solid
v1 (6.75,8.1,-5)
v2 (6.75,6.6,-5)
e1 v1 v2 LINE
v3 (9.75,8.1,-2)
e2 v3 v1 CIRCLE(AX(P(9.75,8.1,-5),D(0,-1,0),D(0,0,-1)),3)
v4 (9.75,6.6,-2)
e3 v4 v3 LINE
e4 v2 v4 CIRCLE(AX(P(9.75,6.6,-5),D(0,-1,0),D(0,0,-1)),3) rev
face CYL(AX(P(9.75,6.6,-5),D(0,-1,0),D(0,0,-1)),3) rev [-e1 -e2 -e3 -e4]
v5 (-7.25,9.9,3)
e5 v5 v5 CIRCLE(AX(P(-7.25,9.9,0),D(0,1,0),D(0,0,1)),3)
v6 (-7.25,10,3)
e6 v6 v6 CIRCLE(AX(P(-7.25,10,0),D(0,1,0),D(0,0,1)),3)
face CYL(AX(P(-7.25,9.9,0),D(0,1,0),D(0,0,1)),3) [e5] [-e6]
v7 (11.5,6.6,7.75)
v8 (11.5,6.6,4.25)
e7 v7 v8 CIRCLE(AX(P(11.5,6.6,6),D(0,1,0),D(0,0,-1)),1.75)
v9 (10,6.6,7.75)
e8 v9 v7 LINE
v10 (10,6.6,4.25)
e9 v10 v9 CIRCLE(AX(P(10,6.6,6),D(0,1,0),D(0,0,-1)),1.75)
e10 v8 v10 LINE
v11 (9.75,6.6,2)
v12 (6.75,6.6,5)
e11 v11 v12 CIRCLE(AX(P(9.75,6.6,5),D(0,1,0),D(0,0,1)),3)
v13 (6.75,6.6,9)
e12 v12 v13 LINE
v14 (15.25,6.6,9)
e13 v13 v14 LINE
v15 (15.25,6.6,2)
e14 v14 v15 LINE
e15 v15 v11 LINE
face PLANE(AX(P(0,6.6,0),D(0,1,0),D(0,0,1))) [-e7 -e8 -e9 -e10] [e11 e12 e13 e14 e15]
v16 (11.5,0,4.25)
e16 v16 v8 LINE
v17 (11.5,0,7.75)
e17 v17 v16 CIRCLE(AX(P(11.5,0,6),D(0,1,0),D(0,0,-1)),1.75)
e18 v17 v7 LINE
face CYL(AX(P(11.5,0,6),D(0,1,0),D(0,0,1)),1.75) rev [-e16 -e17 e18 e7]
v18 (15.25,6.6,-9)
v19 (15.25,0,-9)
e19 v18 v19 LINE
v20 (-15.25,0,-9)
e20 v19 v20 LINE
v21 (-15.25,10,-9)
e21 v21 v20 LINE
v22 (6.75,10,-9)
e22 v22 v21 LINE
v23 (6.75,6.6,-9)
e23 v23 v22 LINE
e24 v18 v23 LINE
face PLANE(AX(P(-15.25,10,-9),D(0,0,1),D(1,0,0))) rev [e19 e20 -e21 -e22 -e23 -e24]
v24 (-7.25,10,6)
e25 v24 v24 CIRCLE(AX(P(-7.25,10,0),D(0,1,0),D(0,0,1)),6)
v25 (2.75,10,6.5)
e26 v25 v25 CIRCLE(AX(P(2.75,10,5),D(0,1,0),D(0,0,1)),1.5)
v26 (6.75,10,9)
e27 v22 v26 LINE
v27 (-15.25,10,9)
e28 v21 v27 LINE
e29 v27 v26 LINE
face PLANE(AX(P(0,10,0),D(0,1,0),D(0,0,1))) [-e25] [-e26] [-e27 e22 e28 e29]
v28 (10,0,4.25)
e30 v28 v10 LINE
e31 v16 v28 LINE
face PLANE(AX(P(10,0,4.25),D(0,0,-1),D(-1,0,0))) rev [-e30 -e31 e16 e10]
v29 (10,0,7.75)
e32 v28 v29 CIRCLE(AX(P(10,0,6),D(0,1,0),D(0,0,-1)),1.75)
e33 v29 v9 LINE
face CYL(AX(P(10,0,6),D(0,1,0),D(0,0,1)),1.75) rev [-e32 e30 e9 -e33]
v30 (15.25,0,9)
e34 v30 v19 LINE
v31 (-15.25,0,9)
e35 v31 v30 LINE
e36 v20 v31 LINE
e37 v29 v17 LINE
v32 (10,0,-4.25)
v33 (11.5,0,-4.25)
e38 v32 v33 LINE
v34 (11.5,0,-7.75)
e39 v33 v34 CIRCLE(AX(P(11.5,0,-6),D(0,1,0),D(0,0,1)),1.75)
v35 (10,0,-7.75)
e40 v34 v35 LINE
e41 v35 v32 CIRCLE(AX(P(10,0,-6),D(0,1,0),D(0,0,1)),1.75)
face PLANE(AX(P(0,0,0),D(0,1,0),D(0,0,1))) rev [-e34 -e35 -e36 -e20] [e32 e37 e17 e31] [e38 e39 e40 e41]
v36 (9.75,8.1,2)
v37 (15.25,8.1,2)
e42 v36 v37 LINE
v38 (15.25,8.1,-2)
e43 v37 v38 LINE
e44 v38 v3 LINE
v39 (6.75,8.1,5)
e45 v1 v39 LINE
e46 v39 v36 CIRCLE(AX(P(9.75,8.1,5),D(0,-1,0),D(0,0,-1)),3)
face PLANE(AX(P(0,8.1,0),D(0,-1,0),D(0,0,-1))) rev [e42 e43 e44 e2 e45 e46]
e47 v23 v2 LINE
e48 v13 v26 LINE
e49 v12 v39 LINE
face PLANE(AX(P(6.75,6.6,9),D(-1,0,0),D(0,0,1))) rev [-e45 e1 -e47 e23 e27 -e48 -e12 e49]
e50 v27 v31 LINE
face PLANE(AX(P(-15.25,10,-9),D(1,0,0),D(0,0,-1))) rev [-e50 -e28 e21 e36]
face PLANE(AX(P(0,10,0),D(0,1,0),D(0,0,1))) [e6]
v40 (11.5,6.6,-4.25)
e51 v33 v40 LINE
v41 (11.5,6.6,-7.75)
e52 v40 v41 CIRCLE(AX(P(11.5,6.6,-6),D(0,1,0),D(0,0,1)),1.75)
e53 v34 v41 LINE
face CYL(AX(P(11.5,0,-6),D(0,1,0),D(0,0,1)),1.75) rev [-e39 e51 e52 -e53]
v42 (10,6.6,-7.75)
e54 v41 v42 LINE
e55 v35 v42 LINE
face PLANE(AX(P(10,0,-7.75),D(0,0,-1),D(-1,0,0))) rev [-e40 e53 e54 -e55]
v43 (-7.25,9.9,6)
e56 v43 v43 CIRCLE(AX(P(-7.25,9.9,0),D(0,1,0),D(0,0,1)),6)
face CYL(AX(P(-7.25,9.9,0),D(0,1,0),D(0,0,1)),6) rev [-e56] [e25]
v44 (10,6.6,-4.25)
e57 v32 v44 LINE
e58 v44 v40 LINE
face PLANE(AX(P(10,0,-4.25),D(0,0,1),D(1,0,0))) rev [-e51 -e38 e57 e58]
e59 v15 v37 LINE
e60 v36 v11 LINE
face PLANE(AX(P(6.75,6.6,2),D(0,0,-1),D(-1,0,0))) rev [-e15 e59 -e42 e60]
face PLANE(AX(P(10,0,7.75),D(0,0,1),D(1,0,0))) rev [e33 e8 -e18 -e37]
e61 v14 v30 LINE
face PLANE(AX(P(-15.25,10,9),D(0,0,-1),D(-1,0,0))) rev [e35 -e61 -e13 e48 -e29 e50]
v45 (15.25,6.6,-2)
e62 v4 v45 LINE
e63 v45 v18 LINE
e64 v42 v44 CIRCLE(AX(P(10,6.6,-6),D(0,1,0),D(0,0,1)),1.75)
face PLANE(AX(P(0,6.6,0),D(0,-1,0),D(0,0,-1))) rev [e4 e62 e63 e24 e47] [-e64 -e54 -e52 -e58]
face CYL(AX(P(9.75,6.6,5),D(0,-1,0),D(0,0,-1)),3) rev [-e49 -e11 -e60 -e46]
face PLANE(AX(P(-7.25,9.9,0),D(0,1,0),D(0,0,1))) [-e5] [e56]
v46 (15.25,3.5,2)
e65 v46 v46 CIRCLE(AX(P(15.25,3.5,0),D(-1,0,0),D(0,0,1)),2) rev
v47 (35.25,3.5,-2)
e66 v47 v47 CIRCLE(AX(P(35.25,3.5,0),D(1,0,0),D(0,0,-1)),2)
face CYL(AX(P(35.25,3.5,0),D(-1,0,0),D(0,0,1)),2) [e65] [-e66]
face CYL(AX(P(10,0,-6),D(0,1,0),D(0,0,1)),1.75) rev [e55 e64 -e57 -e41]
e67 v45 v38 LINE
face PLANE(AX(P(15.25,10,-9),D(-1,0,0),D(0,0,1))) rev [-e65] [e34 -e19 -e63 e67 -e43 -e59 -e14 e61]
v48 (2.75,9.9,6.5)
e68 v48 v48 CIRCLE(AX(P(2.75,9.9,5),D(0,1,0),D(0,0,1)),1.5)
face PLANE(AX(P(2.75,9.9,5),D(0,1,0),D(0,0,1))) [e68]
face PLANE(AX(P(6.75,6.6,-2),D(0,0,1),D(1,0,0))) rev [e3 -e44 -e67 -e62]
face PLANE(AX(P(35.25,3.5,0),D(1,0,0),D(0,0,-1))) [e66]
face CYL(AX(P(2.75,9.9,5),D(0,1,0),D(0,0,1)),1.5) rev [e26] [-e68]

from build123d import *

# Parameters (mm, degrees)
ESQUISSE2_W             = 30.5
ESQUISSE2_H             = 18
BOSS_EXTRU_1_DEPTH      = 10
ESQUISSE3_W             = 8.5
ESQUISSE3_H             = 7
ENL_V_MAT_EXTRU_1_DEPTH = 3.4
ENL_V_MAT_EXTRU_2_DEPTH = 19.897685043
ESQUISSE7_W             = 8.5
ESQUISSE7_H             = 4
ENL_V_MAT_EXTRU_4_DEPTH = 1.9
CONG_1_R                = 3
ESQUISSE5_R             = 6
ESQUISSE5_R_2           = 3
ESQUISSE5_R_3           = 1.5
ENL_V_MAT_EXTRU_3_DEPTH = 0.1
ESQUISSE6_R             = 2
BOSS_EXTRU_2_DEPTH      = 20


with BuildPart() as part:
    # Esquisse2 → Boss.-Extru.1 (new body)
    with BuildSketch(Plane(origin=(0, 0, 0), x_dir=(1, 0, 0), z_dir=(0, 1, 0))):
        Rectangle(ESQUISSE2_W, ESQUISSE2_H)
    extrude(amount=BOSS_EXTRU_1_DEPTH)

    # Esquisse3 → Enlèv. mat.-Extru.1 (cut)
    with BuildSketch(Plane(origin=(0, 10, 0), x_dir=(1, 0, 0), z_dir=(0, 1, 0))):
        with Locations((11, -5.5)):
            Rectangle(ESQUISSE3_W, ESQUISSE3_H)
        with Locations((11, 5.5)):
            Rectangle(ESQUISSE3_W, ESQUISSE3_H)
    extrude(amount=-ENL_V_MAT_EXTRU_1_DEPTH, mode=Mode.SUBTRACT)

    # Esquisse4 → Enlèv. mat.-Extru.2 (cut, through all)
    with BuildSketch(Plane(origin=(0, 6.6, 0), x_dir=(1, 0, 0), z_dir=(0, 1, 0))):
        with BuildLine():
            Line((10, 7.75), (11.5, 7.75))
            ThreePointArc((11.5, 7.75), (13.25, 6), (11.5, 4.25))
            Line((11.5, 4.25), (10, 4.25))
            ThreePointArc((10, 4.25), (8.25, 6), (10, 7.75))
        make_face()
        with BuildLine():
            Line((10, -7.75), (11.5, -7.75))
            ThreePointArc((11.5, -7.75), (13.25, -6), (11.5, -4.25))
            Line((11.5, -4.25), (10, -4.25))
            ThreePointArc((10, -4.25), (8.25, -6), (10, -7.75))
        make_face()
    extrude(amount=-ENL_V_MAT_EXTRU_2_DEPTH, mode=Mode.SUBTRACT)

    # Esquisse7 → Enlèv. mat.-Extru.4 (cut)
    with BuildSketch(Plane(origin=(0, 10, 0), x_dir=(1, 0, 0), z_dir=(0, 1, 0))):
        with Locations((11, 0)):
            Rectangle(ESQUISSE7_W, ESQUISSE7_H)
    extrude(amount=-ENL_V_MAT_EXTRU_4_DEPTH, mode=Mode.SUBTRACT)

    # Congé1
    cong_1_edges = [part.edges().sort_by_distance(p)[0] for p in [
        (6.75, 7.35, 2),
        (6.75, 7.35, -2),
    ]]
    fillet(cong_1_edges, radius=CONG_1_R)

    # Esquisse5 → Enlèv. mat.-Extru.3 (cut)
    # profile 1 of 2: a face of its own
    with BuildSketch(Plane(origin=(0, 10, 0), x_dir=(1, 0, 0), z_dir=(0, 1, 0))):
        with Locations(Location((-7.25, 0, 0), (0, 0, 270))):
            Circle(ESQUISSE5_R)
        with Locations(Location((-7.25, 0, 0), (0, 0, 270))):
            Circle(ESQUISSE5_R_2, mode=Mode.SUBTRACT)
    # profile 2 of 2: a face of its own
    with BuildSketch(Plane(origin=(0, 10, 0), x_dir=(1, 0, 0), z_dir=(0, 1, 0))):
        with Locations(Location((2.75, -5, 0), (0, 0, 270))):
            Circle(ESQUISSE5_R_3)
    extrude(amount=-ENL_V_MAT_EXTRU_3_DEPTH, mode=Mode.SUBTRACT)

    # Esquisse6 → Boss.-Extru.2 (add)
    with BuildSketch(Plane(origin=(15.25, 0, 0), x_dir=(0, 0, -1), z_dir=(1, 0, 0))):
        with Locations(Location((0, 3.5, 0), (0, 0, 180))):
            Circle(ESQUISSE6_R)
    extrude(amount=BOSS_EXTRU_2_DEPTH)


solid = part.part
